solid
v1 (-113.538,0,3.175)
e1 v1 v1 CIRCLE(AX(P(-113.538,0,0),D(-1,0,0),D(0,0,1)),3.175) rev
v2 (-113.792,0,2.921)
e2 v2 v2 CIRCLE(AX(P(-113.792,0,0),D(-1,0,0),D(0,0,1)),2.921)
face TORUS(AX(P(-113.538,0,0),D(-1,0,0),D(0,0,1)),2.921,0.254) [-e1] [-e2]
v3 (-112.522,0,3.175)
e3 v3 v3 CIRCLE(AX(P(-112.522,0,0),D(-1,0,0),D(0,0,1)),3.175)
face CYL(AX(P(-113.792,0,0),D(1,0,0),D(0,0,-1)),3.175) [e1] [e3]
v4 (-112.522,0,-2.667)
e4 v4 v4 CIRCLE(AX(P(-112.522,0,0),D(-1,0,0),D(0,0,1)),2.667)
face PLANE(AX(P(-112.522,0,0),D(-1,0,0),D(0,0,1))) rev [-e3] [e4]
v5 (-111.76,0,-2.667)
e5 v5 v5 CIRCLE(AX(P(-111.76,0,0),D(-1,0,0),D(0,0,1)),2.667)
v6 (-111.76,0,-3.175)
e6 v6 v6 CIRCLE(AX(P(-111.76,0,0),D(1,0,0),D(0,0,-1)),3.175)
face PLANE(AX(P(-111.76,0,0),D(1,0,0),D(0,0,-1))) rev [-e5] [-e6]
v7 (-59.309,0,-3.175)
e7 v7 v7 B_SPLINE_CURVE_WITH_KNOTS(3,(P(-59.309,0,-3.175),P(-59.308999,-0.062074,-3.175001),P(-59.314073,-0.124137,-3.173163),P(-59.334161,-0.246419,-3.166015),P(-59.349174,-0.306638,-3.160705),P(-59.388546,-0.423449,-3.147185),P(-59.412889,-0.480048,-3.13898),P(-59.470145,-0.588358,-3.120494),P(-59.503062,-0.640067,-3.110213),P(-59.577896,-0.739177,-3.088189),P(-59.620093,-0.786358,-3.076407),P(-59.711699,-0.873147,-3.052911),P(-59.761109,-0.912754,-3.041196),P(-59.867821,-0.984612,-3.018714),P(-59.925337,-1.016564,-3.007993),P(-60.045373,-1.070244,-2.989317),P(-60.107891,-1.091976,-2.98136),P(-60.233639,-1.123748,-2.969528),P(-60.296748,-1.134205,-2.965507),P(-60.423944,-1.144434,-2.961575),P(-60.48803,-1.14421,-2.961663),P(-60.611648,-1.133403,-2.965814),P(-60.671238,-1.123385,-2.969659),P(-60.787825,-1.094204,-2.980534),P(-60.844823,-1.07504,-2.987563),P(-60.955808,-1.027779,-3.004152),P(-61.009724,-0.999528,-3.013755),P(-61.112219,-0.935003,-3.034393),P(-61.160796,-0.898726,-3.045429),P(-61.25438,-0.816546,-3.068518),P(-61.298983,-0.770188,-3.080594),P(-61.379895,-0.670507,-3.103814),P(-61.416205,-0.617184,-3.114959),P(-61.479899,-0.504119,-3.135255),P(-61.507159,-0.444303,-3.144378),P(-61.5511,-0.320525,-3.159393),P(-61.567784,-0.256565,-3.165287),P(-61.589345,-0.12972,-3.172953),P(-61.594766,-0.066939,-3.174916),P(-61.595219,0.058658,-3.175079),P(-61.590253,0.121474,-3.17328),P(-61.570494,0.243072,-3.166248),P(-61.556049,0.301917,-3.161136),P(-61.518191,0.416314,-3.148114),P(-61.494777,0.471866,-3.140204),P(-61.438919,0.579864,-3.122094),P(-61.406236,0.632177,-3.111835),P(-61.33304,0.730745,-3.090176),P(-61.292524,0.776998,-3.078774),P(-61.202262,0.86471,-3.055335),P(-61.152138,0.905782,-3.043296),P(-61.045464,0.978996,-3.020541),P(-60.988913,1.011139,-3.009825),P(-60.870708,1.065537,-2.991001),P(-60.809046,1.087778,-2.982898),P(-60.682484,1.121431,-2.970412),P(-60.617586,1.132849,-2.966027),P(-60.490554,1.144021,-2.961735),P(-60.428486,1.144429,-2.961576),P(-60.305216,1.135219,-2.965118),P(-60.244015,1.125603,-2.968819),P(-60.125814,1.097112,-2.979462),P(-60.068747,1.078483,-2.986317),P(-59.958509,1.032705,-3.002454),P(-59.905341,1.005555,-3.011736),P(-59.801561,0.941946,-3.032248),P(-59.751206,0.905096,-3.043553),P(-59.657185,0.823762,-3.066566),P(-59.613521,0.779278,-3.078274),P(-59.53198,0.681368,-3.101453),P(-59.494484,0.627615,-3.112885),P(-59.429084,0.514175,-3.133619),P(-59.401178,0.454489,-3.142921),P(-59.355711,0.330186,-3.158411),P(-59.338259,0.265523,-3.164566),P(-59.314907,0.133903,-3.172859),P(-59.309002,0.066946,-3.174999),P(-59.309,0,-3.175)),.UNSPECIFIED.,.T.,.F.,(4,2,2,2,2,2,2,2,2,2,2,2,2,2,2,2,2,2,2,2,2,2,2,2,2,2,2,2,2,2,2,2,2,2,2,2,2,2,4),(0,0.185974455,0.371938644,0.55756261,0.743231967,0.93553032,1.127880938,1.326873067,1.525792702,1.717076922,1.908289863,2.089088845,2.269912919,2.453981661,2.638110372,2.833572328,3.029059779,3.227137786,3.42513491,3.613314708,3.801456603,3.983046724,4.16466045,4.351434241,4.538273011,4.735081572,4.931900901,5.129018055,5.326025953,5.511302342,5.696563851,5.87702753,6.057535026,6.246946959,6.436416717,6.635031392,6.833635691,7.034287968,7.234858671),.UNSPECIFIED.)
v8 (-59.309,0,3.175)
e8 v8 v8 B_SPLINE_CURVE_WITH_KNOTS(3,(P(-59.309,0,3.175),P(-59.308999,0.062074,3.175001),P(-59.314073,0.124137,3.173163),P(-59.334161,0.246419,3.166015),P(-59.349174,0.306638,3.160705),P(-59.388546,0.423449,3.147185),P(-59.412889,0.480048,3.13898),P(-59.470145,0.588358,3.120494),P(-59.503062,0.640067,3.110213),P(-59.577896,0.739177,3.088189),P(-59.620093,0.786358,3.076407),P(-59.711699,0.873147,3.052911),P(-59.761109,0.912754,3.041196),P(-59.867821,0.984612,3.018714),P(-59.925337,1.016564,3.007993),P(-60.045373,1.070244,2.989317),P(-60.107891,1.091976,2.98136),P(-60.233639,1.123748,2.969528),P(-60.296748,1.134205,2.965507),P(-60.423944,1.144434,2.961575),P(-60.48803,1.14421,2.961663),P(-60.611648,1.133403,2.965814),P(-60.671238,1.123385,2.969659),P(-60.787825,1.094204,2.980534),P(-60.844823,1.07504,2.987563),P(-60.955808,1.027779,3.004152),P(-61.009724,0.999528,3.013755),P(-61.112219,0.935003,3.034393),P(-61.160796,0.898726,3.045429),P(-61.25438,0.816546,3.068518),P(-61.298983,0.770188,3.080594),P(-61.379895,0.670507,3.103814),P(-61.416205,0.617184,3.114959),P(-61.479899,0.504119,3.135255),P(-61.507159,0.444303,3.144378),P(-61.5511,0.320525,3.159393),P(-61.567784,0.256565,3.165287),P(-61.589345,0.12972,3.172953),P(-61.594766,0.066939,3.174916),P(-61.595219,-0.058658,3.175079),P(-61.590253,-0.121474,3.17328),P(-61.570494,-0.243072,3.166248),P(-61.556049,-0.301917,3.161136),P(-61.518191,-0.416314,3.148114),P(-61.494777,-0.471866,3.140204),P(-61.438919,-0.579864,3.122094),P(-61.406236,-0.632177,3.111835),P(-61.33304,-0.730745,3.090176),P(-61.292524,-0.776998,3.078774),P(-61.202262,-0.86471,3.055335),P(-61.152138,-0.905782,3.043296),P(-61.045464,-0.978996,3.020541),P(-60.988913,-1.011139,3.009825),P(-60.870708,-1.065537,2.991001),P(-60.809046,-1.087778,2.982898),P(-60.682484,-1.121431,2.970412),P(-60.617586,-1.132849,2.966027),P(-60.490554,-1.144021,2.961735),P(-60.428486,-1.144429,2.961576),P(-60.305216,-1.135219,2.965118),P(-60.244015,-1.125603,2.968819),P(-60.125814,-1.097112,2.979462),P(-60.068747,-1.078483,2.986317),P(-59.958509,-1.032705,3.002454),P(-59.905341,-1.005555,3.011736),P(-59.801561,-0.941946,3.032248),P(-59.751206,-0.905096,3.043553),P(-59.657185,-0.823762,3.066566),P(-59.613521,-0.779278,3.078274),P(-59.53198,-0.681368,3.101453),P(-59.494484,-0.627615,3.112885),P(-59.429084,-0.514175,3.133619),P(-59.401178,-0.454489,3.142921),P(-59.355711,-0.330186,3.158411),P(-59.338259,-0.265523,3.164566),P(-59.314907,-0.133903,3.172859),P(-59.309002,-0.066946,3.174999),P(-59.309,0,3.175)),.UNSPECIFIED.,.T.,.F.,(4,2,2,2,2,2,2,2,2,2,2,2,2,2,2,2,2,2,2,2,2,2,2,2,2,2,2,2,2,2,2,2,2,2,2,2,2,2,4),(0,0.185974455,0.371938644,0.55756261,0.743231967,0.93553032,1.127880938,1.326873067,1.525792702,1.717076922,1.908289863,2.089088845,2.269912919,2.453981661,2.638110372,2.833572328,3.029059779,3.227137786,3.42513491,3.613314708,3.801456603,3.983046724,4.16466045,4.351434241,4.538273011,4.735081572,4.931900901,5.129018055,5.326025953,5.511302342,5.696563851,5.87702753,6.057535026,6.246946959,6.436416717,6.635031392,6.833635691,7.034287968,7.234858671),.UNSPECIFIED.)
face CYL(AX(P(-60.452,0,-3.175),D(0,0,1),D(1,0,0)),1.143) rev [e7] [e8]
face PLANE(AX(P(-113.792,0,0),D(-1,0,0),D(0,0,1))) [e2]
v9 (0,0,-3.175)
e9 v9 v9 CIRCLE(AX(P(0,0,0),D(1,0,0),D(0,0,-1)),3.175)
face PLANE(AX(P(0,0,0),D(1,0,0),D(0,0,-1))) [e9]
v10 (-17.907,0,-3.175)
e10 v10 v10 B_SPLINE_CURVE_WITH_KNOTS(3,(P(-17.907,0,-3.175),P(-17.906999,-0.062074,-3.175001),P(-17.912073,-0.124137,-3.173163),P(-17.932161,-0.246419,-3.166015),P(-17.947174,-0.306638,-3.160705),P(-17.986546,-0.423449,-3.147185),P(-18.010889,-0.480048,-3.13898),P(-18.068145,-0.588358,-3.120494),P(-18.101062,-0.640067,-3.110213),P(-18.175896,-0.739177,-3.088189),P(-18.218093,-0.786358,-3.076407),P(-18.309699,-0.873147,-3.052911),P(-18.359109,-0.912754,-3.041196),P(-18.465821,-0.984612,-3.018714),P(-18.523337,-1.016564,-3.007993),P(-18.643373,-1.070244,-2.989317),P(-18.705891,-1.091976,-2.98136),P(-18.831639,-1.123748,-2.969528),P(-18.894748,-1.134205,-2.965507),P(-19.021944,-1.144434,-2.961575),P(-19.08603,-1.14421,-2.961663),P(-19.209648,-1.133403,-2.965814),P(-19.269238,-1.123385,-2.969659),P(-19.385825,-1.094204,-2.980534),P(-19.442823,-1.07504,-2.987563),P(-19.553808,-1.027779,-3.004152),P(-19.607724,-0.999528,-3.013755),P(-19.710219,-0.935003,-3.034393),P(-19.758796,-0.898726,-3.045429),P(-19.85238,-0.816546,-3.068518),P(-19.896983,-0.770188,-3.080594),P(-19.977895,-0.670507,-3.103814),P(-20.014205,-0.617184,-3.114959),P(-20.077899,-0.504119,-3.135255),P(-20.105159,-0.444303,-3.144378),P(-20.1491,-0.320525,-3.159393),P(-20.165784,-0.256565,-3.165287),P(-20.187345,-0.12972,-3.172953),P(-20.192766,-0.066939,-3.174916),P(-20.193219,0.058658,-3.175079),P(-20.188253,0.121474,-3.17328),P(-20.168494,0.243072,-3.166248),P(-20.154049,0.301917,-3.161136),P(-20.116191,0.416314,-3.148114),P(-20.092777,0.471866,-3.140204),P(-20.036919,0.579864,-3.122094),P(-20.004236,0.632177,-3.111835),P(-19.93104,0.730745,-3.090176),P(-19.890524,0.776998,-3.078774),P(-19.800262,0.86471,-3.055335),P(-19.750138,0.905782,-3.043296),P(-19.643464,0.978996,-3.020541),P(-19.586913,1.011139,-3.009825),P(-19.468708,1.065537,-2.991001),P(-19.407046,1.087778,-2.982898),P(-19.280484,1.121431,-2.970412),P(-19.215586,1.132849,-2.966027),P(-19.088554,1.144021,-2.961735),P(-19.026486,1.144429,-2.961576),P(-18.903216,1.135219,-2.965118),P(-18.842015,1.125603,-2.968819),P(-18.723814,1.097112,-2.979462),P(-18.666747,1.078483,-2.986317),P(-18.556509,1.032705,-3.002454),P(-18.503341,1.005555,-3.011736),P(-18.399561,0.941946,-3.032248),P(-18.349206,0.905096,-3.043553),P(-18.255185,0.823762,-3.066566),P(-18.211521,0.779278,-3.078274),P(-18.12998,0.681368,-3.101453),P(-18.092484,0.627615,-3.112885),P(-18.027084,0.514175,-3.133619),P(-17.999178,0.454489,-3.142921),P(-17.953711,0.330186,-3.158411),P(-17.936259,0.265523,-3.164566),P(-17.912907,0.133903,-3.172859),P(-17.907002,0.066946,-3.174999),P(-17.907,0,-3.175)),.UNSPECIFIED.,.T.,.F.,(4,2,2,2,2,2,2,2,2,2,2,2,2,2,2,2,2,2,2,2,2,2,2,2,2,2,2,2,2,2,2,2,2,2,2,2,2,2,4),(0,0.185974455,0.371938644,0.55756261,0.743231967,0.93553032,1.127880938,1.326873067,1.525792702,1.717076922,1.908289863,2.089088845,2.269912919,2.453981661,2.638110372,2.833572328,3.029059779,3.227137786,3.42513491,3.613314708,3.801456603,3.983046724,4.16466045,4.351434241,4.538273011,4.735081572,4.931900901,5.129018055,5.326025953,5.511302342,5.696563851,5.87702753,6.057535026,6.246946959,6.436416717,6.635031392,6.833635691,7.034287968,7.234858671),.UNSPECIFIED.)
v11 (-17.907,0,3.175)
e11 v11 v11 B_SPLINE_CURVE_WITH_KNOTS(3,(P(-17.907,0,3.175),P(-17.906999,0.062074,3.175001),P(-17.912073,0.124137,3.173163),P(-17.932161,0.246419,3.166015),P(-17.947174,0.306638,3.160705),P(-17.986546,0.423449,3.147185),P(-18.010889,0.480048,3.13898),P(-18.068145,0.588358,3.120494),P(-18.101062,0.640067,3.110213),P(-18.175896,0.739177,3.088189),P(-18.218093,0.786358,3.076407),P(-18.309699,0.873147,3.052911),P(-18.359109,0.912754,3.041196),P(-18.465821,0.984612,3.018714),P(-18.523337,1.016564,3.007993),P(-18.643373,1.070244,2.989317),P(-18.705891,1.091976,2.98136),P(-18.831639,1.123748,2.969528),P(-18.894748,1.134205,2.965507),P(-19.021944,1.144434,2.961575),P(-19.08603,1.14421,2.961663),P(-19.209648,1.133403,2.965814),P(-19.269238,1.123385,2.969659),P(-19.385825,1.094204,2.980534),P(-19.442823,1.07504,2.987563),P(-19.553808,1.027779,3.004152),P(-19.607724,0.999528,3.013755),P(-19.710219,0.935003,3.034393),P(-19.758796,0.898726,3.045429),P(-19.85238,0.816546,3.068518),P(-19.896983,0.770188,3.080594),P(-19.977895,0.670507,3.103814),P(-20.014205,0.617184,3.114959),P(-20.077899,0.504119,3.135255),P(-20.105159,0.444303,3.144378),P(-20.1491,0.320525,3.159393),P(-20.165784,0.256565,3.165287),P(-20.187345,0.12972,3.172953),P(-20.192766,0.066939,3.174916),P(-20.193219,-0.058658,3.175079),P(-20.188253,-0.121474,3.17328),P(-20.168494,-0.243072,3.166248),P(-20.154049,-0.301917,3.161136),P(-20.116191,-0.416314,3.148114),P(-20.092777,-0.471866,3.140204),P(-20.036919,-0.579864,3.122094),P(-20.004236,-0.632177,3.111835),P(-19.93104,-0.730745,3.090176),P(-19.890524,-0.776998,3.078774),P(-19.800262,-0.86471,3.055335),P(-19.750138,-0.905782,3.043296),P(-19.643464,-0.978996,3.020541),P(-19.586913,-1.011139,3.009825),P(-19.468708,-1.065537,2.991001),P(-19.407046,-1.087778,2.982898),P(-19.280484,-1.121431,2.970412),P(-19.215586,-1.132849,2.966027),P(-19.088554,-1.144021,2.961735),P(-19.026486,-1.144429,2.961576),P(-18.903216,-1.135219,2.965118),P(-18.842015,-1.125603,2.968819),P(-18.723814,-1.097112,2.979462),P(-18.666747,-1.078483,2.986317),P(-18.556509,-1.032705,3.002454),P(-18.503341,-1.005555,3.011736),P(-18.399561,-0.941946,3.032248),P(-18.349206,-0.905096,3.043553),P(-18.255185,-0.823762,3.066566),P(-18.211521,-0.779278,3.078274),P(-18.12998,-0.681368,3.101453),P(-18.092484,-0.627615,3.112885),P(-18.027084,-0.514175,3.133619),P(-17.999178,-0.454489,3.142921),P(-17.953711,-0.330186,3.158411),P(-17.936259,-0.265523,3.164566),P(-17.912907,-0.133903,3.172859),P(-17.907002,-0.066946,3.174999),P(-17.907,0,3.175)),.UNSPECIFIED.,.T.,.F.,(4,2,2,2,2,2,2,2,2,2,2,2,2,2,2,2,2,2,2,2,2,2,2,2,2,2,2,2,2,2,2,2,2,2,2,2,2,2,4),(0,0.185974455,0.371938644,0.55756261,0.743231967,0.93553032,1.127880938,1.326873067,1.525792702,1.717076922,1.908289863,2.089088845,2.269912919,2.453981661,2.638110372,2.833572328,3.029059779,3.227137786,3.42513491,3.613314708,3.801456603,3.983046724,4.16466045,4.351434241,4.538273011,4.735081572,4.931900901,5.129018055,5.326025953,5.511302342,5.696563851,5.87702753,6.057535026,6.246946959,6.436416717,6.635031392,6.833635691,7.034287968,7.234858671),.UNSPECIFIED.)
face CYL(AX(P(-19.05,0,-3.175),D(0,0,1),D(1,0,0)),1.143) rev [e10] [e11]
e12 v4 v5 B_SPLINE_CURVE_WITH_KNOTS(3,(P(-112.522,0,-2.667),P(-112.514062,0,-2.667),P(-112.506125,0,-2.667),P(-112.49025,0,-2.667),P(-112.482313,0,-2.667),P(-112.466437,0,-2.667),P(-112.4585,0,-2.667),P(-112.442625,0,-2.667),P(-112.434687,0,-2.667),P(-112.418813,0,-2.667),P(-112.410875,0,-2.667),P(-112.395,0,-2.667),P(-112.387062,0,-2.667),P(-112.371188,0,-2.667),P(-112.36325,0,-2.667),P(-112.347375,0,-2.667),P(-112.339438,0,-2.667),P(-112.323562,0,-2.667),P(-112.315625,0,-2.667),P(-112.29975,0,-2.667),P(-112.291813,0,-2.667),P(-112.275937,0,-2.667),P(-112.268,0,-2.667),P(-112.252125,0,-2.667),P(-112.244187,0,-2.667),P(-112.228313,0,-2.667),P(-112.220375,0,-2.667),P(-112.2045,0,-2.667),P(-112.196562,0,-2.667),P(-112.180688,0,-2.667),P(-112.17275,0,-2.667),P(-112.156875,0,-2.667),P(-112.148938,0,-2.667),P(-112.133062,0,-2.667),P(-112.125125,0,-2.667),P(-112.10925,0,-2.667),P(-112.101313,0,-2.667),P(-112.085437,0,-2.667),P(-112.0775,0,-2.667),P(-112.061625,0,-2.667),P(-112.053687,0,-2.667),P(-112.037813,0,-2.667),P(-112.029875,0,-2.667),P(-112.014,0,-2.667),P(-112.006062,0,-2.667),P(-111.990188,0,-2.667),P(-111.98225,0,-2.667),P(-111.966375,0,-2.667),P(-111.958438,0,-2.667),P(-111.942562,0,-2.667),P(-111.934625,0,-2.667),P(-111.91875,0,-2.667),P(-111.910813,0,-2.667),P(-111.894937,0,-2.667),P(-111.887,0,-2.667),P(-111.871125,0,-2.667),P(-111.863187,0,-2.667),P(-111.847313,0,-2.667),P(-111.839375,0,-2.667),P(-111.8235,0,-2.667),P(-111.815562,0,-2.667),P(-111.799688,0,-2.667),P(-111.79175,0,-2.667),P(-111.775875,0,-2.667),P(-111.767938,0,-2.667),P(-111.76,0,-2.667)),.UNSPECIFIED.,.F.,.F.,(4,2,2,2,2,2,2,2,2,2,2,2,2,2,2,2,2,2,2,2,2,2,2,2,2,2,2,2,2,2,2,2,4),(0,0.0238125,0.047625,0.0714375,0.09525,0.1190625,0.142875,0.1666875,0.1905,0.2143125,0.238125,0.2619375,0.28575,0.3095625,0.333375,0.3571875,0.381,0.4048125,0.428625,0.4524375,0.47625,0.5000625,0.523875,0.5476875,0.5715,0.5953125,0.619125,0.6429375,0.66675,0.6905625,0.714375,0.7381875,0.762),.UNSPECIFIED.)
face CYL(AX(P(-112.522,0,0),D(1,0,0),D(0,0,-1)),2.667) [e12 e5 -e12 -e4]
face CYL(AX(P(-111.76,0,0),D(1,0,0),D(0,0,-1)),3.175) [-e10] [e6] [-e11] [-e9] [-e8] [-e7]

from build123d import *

# Parameters (mm, degrees)
SKETCH1_R               = 3.175
BOSS_EXTRUDE1_DEPTH     = 111.76
SKETCH2_R               = 2.667
BOSS_EXTRUDE2_DEPTH     = 0.762
SKETCH3_R               = 3.175
BOSS_EXTRUDE3_DEPTH     = 1.27
FILLET1_R               = 0.254
CUT_EXTRUDE1_DEPTH      = 114.880553719
CUT_EXTRUDE1_DEPTH_BACK = 114.880553719
SKETCH4_R               = 1.143


with BuildPart() as part:
    # Sketch1 → Boss-Extrude1 (new body)
    with BuildSketch(Plane(origin=(0, 0, 0), x_dir=(0, 0, -1), z_dir=(1, 0, 0))):
        Circle(SKETCH1_R)
    extrude(amount=-BOSS_EXTRUDE1_DEPTH)

    # Sketch2 → Boss-Extrude2 (add)
    with BuildSketch(Plane.ZY.offset(111.76)):
        with Locations(Location((0, 0, 0), (0, 0, 180))):
            Circle(SKETCH2_R)
    extrude(amount=BOSS_EXTRUDE2_DEPTH)

    # Sketch3 → Boss-Extrude3 (add)
    with BuildSketch(Plane.ZY.offset(112.522)):
        with Locations(Location((0, 0, 0), (0, 0, 180))):
            Circle(SKETCH3_R)
    extrude(amount=BOSS_EXTRUDE3_DEPTH)

    # Fillet1
    fillet1_edges = [part.edges().sort_by_distance(p)[0] for p in [
        (-113.792, 0, 3.175),
    ]]
    fillet(fillet1_edges, radius=FILLET1_R)

    # Sketch4 → Cut-Extrude1 (cut, two sides: drawn at the far end of the back side and taken through both)
    with BuildSketch(Plane.XY.offset(-CUT_EXTRUDE1_DEPTH_BACK)):
        with Locations((-60.452, 0)):
            Circle(SKETCH4_R)
        with Locations((-19.05, 0)):
            Circle(SKETCH4_R)
    extrude(amount=CUT_EXTRUDE1_DEPTH + CUT_EXTRUDE1_DEPTH_BACK, mode=Mode.SUBTRACT)


solid = part.part
